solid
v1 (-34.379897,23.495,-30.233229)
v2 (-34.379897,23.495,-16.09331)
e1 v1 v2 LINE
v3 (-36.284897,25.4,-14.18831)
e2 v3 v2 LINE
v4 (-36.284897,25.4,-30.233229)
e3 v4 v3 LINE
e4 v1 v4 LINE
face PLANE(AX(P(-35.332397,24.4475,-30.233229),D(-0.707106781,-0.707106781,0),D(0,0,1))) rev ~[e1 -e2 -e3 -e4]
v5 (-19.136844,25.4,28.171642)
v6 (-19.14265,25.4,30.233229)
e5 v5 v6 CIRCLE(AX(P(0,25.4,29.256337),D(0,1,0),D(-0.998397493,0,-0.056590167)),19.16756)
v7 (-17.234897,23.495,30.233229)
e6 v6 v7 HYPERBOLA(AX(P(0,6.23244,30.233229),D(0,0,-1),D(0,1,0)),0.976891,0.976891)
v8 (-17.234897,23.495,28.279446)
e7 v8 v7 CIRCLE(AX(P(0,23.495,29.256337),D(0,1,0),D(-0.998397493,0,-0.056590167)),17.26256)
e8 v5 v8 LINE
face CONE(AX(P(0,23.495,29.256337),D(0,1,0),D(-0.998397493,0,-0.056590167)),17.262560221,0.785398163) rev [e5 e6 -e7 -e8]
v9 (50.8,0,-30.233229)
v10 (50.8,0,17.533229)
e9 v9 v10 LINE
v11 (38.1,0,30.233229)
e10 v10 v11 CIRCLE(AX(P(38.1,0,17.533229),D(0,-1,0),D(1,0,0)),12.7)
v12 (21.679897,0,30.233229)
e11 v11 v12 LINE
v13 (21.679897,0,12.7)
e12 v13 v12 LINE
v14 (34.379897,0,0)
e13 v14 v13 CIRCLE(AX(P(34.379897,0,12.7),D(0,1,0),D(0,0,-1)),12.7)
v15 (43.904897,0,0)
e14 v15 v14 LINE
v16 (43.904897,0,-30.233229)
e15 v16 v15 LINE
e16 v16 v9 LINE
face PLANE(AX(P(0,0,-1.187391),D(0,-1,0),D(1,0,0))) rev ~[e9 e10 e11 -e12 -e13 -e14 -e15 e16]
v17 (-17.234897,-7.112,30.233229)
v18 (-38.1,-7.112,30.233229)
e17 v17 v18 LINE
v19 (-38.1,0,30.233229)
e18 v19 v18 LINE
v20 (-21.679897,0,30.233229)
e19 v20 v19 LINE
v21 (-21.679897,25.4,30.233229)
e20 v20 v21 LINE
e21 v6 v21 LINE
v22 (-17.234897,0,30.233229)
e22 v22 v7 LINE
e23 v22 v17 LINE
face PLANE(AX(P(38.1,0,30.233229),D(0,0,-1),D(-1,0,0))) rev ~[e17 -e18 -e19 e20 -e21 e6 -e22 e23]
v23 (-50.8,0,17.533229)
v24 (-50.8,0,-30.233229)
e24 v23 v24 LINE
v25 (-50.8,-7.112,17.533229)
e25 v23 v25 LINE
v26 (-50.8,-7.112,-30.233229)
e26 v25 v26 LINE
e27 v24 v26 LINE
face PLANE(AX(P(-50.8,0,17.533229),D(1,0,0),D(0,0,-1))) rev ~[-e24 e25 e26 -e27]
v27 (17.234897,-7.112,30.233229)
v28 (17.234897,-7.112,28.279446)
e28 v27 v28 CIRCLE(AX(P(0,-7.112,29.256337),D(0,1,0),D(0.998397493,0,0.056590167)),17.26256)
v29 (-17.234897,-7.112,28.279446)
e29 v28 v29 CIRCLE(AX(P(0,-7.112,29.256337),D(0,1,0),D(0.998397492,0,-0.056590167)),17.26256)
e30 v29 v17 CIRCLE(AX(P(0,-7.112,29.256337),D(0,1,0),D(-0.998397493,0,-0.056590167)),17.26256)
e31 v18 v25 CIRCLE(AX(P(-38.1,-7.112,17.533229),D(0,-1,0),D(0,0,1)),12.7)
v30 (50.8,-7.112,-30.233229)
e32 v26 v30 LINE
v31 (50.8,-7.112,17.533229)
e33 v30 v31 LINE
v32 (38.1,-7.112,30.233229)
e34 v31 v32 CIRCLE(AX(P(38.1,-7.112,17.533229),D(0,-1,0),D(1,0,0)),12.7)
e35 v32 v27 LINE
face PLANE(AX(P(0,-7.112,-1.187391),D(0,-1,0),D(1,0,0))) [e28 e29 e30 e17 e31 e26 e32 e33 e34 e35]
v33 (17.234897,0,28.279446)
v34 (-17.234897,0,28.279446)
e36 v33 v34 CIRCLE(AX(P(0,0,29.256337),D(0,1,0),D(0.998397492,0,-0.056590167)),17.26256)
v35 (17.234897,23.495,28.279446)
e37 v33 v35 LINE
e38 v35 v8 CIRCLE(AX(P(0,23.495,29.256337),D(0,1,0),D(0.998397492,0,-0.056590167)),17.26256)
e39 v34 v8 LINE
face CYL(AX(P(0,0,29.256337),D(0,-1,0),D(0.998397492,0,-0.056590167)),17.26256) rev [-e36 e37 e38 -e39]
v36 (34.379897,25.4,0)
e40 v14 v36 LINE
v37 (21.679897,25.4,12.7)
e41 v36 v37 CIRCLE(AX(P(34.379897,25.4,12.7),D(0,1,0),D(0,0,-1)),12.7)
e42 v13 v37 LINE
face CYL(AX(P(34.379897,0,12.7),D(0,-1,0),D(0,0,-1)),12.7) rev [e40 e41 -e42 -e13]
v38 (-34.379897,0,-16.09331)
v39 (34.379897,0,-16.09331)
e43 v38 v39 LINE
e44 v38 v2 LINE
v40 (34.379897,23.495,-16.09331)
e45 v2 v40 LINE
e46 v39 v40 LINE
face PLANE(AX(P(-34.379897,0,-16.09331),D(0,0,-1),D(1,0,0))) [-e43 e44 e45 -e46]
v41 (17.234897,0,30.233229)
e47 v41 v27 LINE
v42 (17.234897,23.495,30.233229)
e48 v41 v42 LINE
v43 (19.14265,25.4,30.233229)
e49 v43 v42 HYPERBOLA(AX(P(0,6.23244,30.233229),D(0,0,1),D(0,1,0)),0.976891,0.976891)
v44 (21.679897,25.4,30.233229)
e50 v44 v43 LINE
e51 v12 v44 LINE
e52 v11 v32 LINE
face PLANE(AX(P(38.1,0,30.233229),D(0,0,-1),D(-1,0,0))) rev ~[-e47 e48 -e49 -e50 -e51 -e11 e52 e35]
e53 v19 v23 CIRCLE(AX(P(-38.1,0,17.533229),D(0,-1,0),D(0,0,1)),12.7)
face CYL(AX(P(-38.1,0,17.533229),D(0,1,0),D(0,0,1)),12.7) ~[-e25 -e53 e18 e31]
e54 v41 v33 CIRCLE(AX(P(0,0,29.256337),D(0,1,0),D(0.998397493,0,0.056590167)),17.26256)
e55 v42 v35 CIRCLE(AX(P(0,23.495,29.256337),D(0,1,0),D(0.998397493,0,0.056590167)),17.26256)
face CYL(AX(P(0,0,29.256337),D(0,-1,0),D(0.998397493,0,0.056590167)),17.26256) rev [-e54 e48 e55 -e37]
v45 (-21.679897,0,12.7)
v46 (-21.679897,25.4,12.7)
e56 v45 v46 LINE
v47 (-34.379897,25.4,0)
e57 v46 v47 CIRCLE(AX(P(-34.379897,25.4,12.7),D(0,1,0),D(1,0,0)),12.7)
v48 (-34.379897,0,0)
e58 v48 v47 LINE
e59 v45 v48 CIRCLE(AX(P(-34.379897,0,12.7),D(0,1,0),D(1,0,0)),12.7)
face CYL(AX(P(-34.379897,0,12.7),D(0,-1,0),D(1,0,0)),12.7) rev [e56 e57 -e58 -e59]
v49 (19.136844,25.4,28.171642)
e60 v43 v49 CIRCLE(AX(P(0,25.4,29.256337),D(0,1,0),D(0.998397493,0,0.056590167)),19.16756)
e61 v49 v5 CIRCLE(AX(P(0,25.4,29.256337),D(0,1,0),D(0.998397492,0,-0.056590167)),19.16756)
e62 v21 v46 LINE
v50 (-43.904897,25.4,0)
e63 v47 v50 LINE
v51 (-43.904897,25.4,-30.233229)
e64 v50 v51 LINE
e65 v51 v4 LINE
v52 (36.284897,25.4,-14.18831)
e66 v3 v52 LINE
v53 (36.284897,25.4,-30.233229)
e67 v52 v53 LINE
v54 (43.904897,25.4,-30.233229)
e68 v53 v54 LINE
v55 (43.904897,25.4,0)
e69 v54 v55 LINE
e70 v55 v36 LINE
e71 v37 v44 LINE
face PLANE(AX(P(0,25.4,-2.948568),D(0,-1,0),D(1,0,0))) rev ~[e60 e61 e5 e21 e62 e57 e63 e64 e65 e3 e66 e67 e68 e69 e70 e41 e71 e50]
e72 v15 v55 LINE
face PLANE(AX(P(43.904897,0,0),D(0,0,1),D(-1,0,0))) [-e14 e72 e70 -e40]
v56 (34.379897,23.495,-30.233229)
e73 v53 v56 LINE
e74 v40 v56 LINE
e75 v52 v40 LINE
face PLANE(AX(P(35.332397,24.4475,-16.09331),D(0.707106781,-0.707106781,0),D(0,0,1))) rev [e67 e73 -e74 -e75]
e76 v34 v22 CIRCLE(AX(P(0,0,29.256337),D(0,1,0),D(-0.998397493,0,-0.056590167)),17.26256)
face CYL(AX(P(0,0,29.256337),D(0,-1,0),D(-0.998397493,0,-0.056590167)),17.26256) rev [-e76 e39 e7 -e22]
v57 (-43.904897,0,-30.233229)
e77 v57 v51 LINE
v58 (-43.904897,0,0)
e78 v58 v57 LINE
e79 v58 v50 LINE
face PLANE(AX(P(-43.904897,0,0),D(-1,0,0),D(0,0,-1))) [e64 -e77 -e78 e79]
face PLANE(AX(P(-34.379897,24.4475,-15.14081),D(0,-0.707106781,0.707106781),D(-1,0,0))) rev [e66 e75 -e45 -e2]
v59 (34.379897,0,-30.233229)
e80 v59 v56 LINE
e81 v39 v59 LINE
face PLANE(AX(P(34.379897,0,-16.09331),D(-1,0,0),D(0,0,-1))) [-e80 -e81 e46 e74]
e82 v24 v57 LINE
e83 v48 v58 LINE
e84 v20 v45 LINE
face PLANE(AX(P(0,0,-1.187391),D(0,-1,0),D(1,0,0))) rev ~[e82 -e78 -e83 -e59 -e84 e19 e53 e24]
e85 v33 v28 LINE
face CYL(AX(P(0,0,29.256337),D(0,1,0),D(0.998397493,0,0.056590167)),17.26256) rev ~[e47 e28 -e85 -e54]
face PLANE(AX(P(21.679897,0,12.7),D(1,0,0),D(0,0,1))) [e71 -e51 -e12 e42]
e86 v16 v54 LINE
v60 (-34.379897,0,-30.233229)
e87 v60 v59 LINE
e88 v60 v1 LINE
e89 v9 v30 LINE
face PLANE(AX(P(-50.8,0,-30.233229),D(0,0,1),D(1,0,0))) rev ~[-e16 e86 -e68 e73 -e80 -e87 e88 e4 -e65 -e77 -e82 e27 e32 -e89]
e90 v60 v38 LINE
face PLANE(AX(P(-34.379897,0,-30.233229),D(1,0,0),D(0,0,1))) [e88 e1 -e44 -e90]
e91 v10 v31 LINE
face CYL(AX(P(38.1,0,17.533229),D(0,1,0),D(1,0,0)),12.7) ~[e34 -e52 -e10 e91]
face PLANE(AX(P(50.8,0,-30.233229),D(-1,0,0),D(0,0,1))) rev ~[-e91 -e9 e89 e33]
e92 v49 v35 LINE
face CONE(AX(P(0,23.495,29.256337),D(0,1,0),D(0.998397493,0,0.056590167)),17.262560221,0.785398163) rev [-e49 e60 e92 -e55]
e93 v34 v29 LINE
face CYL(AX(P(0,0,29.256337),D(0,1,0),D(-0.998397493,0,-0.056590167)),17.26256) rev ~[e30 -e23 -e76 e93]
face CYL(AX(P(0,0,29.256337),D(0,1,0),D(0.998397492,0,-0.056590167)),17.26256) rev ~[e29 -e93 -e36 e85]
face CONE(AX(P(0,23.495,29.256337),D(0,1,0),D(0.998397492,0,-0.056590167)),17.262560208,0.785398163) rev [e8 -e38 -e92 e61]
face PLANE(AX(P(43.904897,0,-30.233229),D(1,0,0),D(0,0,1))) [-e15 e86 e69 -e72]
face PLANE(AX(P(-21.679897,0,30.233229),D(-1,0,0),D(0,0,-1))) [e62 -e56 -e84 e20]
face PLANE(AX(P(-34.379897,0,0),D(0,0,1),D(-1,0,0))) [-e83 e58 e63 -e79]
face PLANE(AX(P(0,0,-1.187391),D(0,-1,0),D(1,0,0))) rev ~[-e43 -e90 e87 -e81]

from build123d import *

# Parameters (mm, degrees)
F1_DEPTH = 7.112
F3_DEPTH = 25.4
F4_SIZE  = 1.905
F5_DEPTH = 25.4
F6_SIZE  = 1.905


with BuildPart() as f1:
    # F0 (on Front) → F1 (new body)
    with BuildSketch(Plane.XZ):
        with BuildLine():
            Line((-50.8, -30.2332285792), (50.8, -30.2332285792))
            Line((50.8, -30.2332285792), (50.8, 17.5332285792))
            ThreePointArc((50.8, 17.5332285792), (47.0802561211, 26.5134847002), (38.1, 30.2332285792))
            Line((38.1, 30.2332285792), (-38.1, 30.2332285792))
            ThreePointArc((-38.1, 30.2332285792), (-47.0802561211, 26.5134847002), (-50.8, 17.5332285792))
            Line((-50.8, 17.5332285792), (-50.8, -30.2332285792))
        make_face()
    extrude(amount=F1_DEPTH)

    # F2 (on Front) → F3 (join)
    with BuildSketch(Plane.XZ):
        with BuildLine():
            Line((-43.9048968256, 0), (-43.9048968256, -30.2332285792))
            Line((-43.9048968256, -30.2332285792), (-34.3798968256, -30.2332285792))
            Line((-34.3798968256, -30.2332285792), (-34.3798968256, -16.0933099687))
            Line((-34.3798968256, -16.0933099687), (0, -16.0933099687))
            Line((0, -16.0933099687), (34.3798968256, -16.0933099687))
            Line((34.3798968256, -16.0933099687), (34.3798968256, -30.2332285792))
            Line((34.3798968256, -30.2332285792), (43.9048968256, -30.2332285792))
            Line((43.9048968256, -30.2332285792), (43.9048968256, 0))
            Line((43.9048968256, 0), (34.3798968256, 0))
            ThreePointArc((34.3798968256, 0), (25.3996407045, 3.7197438789), (21.6798968256, 12.7))
            Line((21.6798968256, 12.7), (21.6798968256, 30.2332285792))
            Line((21.6798968256, 30.2332285792), (17.2348968256, 30.2332285792))
            ThreePointArc((17.2348968256, 30.2332285792), (17.2625602078, 29.2563374186), (17.2348968256, 28.2794462581))
            ThreePointArc((17.2348968256, 28.2794462581), (0, 11.9937772108), (-17.2348968256, 28.2794462581))
            ThreePointArc((-17.2348968256, 28.2794462581), (-17.2625602078, 29.2563374186), (-17.2348968256, 30.2332285792))
            Line((-17.2348968256, 30.2332285792), (-21.6798968256, 30.2332285792))
            Line((-21.6798968256, 30.2332285792), (-21.6798968256, 12.7))
            ThreePointArc((-21.6798968256, 12.7), (-25.3996407045, 3.7197438789), (-34.3798968256, 0))
            Line((-34.3798968256, 0), (-43.9048968256, 0))
        make_face()
    extrude(amount=-F3_DEPTH)

    # F4
    f4_edges = [f1.edges().sort_by_distance(p)[0] for p in [
        (34.379897, 25.4, -23.163269),
        (0, 25.4, -16.09331),
        (-34.379897, 25.4, -23.163269),
    ]]
    chamfer(f4_edges, length=F4_SIZE)

    # F5 (cut): a face of the model
    f5_faces = [f1.faces().sort_by_distance(p)[0] for p in [
        (0, 0, 22.4548498087),
    ]]
    extrude(f5_faces, amount=-F5_DEPTH, mode=Mode.SUBTRACT)

    # F6
    f6_edges = [f1.edges().sort_by_distance(p)[0] for p in [
        (0.976891, 25.4, 12.021441),
    ]]
    chamfer(f6_edges, length=F6_SIZE)


solid = f1.part
